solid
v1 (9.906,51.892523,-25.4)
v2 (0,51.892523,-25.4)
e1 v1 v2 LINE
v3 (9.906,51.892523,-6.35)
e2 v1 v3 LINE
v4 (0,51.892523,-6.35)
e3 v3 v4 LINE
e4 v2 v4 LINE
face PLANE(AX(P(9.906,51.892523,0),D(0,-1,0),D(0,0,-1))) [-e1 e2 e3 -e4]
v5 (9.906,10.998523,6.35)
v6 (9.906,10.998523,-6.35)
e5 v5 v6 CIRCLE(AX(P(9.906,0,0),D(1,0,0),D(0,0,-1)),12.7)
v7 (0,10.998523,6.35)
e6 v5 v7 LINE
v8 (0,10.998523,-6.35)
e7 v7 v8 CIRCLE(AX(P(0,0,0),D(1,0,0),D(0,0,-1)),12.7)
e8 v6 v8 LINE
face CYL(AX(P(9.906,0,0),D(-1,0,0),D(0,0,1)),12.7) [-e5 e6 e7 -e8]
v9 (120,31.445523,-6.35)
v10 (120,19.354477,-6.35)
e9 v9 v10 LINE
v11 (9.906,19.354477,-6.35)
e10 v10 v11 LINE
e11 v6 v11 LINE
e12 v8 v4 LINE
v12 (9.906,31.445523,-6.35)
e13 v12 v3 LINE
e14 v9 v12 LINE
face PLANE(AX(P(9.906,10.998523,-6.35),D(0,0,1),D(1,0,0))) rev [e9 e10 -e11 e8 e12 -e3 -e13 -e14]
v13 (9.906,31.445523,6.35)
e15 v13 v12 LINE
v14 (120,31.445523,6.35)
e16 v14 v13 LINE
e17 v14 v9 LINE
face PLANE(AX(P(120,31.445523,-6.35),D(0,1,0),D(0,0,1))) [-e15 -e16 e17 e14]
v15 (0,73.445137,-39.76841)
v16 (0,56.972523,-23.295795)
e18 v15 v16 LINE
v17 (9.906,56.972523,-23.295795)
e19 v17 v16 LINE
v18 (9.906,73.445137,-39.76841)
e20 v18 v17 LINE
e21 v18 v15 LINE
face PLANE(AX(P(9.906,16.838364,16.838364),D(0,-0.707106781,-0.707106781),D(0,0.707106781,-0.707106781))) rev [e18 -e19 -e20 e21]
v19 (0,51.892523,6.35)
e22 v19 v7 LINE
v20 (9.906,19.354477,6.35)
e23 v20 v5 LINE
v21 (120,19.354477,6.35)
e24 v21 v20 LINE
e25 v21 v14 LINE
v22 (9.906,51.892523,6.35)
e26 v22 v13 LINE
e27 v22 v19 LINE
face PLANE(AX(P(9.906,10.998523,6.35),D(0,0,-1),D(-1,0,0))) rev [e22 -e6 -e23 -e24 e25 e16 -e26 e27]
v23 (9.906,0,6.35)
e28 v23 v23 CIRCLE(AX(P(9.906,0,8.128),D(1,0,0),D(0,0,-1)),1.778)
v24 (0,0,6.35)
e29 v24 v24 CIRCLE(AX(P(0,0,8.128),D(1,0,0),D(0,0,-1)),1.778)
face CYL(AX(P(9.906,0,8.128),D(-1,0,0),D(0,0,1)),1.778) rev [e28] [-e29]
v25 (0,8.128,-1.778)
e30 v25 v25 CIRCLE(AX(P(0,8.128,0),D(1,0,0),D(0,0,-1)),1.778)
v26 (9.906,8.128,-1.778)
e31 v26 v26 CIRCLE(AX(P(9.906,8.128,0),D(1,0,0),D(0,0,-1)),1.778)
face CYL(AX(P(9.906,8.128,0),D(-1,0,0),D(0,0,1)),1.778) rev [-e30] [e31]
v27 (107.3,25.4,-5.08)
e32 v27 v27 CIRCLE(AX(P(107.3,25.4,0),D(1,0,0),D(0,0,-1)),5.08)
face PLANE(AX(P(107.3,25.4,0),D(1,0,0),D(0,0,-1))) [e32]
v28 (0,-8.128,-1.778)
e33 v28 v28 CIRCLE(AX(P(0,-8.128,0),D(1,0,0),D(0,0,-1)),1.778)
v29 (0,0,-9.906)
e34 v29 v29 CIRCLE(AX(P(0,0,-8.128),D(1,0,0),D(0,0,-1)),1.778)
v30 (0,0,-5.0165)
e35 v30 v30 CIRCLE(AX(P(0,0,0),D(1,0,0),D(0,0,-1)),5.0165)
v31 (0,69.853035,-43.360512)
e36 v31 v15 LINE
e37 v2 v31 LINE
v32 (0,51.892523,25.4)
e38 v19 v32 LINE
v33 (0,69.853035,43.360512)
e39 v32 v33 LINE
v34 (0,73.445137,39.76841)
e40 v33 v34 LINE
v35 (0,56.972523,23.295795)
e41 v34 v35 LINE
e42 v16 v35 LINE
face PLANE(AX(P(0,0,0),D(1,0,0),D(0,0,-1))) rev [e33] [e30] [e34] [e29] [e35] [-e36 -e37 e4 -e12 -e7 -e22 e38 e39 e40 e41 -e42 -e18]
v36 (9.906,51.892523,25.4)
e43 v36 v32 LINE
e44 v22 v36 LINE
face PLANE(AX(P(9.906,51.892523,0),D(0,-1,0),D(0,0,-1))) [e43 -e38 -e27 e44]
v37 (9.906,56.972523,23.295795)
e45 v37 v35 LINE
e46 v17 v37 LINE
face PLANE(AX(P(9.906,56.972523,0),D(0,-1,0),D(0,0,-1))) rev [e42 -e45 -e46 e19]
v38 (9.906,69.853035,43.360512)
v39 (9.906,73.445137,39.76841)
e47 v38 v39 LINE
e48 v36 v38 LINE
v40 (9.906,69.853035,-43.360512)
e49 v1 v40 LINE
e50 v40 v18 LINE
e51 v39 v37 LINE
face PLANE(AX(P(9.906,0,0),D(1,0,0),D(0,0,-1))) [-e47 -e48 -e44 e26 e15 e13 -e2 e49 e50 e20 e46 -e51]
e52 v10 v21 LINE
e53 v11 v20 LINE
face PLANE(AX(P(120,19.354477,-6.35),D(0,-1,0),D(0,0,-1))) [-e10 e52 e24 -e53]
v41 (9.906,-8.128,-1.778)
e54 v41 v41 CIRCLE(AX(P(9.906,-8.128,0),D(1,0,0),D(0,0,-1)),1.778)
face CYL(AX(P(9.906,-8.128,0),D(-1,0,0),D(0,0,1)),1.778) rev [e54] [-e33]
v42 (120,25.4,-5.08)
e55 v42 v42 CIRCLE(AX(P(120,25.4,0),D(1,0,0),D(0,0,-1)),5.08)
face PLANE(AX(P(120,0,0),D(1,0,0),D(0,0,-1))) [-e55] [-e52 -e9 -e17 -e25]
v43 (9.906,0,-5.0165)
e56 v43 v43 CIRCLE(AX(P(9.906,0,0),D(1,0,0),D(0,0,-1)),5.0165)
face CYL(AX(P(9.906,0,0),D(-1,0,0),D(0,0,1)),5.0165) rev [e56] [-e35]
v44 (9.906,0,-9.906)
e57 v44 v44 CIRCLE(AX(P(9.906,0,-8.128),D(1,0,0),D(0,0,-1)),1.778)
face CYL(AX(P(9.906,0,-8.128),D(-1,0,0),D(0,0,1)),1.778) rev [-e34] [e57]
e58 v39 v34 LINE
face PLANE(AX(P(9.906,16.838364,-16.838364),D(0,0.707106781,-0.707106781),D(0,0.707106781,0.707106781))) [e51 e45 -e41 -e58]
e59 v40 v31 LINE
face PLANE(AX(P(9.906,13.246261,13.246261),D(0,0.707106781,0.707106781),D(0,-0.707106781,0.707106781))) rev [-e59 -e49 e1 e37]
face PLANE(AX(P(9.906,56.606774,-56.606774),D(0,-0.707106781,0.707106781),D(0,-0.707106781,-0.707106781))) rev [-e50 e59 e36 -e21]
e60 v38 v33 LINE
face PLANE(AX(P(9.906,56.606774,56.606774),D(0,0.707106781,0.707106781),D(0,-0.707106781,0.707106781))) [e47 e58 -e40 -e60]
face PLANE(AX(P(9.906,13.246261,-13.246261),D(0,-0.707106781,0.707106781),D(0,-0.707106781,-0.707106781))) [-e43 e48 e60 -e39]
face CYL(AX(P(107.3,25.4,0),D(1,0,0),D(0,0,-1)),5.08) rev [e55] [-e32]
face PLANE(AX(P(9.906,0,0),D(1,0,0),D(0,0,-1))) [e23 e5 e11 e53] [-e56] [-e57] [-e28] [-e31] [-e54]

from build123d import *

# Parameters (mm, degrees)
SKETCH1_R           = 5.0165
SKETCH1_R_2         = 1.778
BOSS_EXTRUDE1_DEPTH = 9.906
BOSS_EXTRUDE2_DEPTH = 9.906
BOSS_EXTRUDE3_START = -9.906
SKETCH4_W           = 12.7
SKETCH4_H           = 12.091045256
BOSS_EXTRUDE3_DEPTH = 110.094000005
SKETCH5_R           = 5.08
CUT_EXTRUDE1_DEPTH  = 12.7


with BuildPart() as part:
    # Sketch1 → Boss-Extrude1 (new body)
    with BuildSketch(Plane(origin=(0, 0, 0), x_dir=(0, 0, -1), z_dir=(1, 0, 0))):
        with BuildLine():
            Line((-6.35, 10.998522628), (-6.35, 51.892522628))
            Line((-6.35, 51.892522628), (6.35, 51.892522628))
            Line((6.35, 51.892522628), (6.35, 10.998522628))
            ThreePointArc((6.35, 10.998522628), (0, -12.7), (-6.35, 10.998522628))
        make_face()
        Circle(SKETCH1_R, mode=Mode.SUBTRACT)
        with Locations((-8.128, 0)):
            Circle(SKETCH1_R_2, mode=Mode.SUBTRACT)
        with Locations((0, 8.128)):
            Circle(SKETCH1_R_2, mode=Mode.SUBTRACT)
        with Locations((8.128, 0)):
            Circle(SKETCH1_R_2, mode=Mode.SUBTRACT)
        with Locations((0, -8.128)):
            Circle(SKETCH1_R_2, mode=Mode.SUBTRACT)
    extrude(amount=BOSS_EXTRUDE1_DEPTH)

    # Sketch3 → Boss-Extrude2 (add)
    with BuildSketch(Plane(origin=(0, 0, 0), x_dir=(0, 0, -1), z_dir=(1, 0, 0))):
        Polygon((-25.4, 51.892522628), (0, 51.892522628), (0, 56.972522628), (-23.295795103, 56.972522628), (-39.768409794, 73.445137319), (-43.360512242, 69.85303487), align=None)
        Polygon((0, 51.892522628), (25.4, 51.892522628), (43.360512242, 69.85303487), (39.768409794, 73.445137319), (23.295795103, 56.972522628), (0, 56.972522628), align=None)
    extrude(amount=BOSS_EXTRUDE2_DEPTH)

    # Sketch4 → Boss-Extrude3 (add)
    with BuildSketch(Plane.ZY.offset(BOSS_EXTRUDE3_START)):
        with Locations((0, 25.4)):
            Rectangle(SKETCH4_W, SKETCH4_H)
    extrude(amount=-BOSS_EXTRUDE3_DEPTH)

    # Sketch5 → Cut-Extrude1 (cut)
    with BuildSketch(Plane(origin=(120.000000005, 0, 0), x_dir=(0, 0, -1), z_dir=(1, 0, 0))):
        with Locations((0, 25.4)):
            Circle(SKETCH5_R)
    extrude(amount=-CUT_EXTRUDE1_DEPTH, mode=Mode.SUBTRACT)


solid = part.part
